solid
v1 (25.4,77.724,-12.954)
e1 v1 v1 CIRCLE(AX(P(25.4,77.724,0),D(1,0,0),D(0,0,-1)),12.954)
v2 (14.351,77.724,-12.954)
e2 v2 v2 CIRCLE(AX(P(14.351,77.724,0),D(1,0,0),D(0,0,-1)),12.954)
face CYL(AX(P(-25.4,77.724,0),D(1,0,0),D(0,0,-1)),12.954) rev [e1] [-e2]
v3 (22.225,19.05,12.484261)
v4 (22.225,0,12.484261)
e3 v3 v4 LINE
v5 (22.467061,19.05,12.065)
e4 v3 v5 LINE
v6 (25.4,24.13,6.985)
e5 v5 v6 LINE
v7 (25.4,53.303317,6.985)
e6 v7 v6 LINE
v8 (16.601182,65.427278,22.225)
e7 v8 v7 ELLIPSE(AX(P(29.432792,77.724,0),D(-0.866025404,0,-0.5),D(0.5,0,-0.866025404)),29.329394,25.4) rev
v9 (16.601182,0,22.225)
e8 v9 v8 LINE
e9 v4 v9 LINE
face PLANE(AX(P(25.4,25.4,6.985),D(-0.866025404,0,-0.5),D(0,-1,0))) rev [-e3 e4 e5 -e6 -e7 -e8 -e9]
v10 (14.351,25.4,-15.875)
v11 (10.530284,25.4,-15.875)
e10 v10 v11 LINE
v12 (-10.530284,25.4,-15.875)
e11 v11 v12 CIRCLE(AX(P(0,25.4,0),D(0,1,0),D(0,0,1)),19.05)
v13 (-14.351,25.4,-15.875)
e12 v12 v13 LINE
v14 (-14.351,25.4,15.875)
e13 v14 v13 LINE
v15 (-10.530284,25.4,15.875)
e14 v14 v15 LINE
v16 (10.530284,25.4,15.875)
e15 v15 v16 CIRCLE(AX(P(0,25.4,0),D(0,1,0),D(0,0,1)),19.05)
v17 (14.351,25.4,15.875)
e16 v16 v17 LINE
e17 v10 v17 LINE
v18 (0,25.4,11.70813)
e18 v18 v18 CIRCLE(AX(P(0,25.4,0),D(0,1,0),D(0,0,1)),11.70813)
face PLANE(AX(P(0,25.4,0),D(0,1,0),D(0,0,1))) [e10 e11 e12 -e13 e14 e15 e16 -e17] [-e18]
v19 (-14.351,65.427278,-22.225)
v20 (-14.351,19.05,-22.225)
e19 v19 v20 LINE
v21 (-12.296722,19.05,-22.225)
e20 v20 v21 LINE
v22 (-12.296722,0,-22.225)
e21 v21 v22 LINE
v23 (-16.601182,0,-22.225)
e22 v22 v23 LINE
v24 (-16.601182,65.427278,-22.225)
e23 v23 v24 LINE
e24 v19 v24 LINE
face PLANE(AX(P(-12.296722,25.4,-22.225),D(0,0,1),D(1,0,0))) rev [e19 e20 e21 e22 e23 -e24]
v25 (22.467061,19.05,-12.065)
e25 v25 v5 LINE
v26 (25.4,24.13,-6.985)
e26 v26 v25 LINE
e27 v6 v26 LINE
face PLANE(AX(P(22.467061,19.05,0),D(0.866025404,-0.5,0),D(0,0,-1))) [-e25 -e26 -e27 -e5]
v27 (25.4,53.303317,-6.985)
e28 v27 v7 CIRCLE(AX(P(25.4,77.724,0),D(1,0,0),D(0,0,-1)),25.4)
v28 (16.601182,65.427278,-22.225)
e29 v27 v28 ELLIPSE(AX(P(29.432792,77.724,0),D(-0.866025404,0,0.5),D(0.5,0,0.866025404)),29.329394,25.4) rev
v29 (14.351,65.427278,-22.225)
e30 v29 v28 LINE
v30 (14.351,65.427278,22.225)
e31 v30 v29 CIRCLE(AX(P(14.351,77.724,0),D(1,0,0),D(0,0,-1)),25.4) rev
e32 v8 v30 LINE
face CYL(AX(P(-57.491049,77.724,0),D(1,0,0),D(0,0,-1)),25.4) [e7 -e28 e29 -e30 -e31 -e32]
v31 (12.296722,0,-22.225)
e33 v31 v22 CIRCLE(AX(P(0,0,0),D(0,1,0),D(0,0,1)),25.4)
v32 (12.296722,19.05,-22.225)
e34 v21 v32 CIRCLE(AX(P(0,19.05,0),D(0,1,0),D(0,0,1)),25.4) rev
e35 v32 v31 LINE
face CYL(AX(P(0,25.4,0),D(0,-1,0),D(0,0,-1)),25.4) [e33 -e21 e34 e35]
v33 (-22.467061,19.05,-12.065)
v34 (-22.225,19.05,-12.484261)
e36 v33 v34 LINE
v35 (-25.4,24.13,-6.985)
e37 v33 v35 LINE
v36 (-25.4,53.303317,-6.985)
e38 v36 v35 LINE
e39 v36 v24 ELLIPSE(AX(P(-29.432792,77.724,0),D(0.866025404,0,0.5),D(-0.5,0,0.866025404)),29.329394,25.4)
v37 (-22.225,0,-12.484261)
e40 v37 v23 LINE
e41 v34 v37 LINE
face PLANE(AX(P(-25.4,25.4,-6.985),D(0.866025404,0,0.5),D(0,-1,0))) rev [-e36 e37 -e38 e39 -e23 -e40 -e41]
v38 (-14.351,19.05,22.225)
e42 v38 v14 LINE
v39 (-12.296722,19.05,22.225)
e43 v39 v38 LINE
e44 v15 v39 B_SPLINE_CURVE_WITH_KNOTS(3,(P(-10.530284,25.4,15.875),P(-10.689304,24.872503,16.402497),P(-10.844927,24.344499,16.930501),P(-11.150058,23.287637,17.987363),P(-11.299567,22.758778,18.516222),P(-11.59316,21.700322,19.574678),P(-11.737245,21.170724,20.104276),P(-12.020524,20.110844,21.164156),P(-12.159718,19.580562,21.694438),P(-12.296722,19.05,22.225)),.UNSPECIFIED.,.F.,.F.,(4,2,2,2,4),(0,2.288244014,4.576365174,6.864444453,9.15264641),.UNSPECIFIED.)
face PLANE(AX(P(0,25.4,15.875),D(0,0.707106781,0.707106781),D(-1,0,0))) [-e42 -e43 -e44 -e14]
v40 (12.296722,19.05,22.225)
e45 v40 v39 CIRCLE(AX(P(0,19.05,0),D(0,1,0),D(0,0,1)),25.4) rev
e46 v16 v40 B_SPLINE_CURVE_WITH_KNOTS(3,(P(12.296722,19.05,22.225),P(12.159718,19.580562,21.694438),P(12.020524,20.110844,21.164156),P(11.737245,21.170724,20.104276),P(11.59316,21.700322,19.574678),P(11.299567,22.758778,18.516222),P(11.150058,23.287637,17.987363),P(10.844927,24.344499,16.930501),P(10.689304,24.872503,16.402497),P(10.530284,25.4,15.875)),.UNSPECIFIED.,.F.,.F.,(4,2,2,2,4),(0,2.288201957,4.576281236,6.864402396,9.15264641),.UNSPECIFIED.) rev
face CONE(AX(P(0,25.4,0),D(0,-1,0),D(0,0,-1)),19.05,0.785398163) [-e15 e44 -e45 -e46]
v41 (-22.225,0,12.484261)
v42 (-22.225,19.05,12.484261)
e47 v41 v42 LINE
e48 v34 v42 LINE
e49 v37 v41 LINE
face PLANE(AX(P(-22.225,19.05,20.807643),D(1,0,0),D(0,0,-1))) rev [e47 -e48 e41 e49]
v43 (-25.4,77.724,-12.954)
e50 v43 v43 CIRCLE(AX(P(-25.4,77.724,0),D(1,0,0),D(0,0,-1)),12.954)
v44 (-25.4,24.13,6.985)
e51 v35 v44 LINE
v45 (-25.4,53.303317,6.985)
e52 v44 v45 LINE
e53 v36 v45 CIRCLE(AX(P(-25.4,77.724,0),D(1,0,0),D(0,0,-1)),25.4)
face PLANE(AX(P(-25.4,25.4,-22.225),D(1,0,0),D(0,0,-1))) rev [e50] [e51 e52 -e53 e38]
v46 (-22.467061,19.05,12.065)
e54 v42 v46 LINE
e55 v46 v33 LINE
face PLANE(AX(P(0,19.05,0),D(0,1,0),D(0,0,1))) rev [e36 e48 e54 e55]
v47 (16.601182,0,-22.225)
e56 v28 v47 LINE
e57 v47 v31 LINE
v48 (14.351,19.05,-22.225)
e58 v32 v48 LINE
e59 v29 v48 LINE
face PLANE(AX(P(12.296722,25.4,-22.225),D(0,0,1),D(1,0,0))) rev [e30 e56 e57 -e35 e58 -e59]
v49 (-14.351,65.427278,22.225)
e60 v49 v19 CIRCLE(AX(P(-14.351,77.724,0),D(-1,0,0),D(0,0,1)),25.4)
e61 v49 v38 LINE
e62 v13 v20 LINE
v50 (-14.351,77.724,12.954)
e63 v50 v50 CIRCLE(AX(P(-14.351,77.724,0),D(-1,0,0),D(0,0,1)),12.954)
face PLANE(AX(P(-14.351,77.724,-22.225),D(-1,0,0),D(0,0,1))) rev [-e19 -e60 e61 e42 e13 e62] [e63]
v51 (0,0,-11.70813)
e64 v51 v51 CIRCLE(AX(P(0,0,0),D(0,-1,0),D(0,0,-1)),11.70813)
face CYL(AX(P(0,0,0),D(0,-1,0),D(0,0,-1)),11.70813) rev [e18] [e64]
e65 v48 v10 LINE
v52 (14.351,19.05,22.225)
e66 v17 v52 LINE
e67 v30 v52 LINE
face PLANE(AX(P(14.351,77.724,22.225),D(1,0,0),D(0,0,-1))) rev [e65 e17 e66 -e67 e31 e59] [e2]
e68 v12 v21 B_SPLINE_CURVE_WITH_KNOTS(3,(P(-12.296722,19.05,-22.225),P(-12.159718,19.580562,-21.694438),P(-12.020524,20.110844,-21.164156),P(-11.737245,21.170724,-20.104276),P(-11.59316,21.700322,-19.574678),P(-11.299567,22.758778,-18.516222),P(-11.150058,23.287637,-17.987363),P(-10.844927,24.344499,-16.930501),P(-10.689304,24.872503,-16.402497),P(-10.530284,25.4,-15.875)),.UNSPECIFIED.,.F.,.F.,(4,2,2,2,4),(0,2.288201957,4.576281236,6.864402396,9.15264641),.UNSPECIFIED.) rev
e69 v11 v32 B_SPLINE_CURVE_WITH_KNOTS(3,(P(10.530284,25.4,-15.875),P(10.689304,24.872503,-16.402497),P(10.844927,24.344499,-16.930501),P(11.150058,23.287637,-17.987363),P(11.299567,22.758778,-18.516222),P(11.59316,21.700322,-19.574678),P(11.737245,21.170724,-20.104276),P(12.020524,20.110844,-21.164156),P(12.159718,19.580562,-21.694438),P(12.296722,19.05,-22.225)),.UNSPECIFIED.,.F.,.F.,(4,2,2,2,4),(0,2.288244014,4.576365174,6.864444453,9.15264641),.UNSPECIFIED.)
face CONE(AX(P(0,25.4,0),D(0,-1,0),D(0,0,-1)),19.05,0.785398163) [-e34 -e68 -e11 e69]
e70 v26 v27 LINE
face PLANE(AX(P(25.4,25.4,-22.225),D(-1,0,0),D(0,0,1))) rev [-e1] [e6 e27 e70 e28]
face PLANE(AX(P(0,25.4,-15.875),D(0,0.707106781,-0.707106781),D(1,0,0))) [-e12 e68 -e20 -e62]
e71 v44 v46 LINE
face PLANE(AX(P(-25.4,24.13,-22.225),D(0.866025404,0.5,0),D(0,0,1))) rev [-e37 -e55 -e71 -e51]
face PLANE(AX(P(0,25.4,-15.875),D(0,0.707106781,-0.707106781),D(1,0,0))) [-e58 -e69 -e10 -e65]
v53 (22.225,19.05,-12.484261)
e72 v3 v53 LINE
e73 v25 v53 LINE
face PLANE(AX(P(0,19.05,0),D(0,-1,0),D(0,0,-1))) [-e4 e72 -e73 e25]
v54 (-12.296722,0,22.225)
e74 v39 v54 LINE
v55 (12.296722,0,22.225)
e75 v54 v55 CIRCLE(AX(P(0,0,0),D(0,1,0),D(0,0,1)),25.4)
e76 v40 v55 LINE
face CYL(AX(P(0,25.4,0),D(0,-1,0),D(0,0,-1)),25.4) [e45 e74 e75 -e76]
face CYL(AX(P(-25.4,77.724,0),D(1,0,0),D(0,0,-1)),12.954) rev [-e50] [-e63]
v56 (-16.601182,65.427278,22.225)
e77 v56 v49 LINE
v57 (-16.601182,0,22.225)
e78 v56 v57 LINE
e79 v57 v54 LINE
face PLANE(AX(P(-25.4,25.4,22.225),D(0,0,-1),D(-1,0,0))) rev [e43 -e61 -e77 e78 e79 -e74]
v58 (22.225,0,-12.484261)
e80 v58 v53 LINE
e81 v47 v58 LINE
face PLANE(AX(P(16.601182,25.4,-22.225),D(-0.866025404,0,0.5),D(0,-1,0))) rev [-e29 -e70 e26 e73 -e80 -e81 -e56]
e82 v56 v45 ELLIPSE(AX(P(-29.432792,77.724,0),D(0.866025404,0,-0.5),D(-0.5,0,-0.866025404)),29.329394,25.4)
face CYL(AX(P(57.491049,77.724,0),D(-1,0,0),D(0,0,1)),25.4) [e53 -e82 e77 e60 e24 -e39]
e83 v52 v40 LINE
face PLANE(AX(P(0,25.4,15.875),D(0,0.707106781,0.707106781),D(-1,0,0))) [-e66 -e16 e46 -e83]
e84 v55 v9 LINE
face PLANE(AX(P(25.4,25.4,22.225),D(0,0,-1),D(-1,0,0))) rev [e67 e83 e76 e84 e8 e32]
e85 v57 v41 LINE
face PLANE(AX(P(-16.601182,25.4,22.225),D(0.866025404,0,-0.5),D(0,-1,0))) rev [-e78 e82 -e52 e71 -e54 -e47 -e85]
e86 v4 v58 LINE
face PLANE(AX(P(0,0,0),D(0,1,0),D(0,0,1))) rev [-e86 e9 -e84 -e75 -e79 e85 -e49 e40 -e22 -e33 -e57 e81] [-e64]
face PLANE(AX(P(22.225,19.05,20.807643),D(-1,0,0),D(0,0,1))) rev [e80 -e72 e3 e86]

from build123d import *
from OCP.BRepFilletAPI import BRepFilletAPI_MakeChamfer

# Parameters (mm, degrees)
BOSS_EXTRUDE1_DEPTH   = 25.4
SKETCH2_W             = 11.049
SKETCH2_H             = 44.45
BOSS_EXTRUDE2_DEPTH   = 52.324
CHAMFER1_SIZE         = 6.35
F_1_12_TAPPED_HOLE1_D = 23.41626
CHAMFER2_SIZE         = 15.24
CHAMFER2_SIZE2        = 8.798818102
SKETCH5_W             = 31.303655522
SKETCH5_H             = 45.499968027
CUT_EXTRUDE1_DEPTH    = 19.05
BOSS_EXTRUDE3_REACH   = 98.264
SKETCH6_R             = 25.4
BOSS_EXTRUDE4_START   = -50.8
SKETCH6_2_R           = 25.4
BOSS_EXTRUDE4_DEPTH   = 11.049
SKETCH7_R             = 12.954
CUT_EXTRUDE2_DEPTH    = 118.730027504
CHAMFER4_SIZE         = 5.08
CHAMFER4_SIZE2        = 2.932939367


with BuildPart() as part:
    # Sketch1 → Boss-Extrude1 (new body)
    with BuildSketch(Plane(origin=(0, 0, 0), x_dir=(1, 0, 0), z_dir=(0, 1, 0))):
        with BuildLine():
            Line((-25.4, -22.225), (-12.296722124, -22.225))
            ThreePointArc((-12.296722124, -22.225), (0, -25.4), (12.296722124, -22.225))
            Line((12.296722124, -22.225), (25.4, -22.225))
            Line((25.4, -22.225), (25.4, 22.225))
            Line((25.4, 22.225), (12.296722124, 22.225))
            ThreePointArc((12.296722124, 22.225), (0, 25.4), (-12.296722124, 22.225))
            Line((-12.296722124, 22.225), (-25.4, 22.225))
            Line((-25.4, 22.225), (-25.4, -22.225))
        make_face()
    extrude(amount=BOSS_EXTRUDE1_DEPTH)

    # Sketch2 → Boss-Extrude2 (add)
    with BuildSketch(Plane(origin=(0, 25.4, 0), x_dir=(1, 0, 0), z_dir=(0, 1, 0))):
        with Locations((-19.8755, 0)):
            Rectangle(SKETCH2_W, SKETCH2_H)
        with Locations((19.8755, 0)):
            Rectangle(SKETCH2_W, SKETCH2_H)
    extrude(amount=BOSS_EXTRUDE2_DEPTH)

    # Chamfer1
    chamfer1_edges = [part.edges().sort_by_distance(p)[0] for p in [
        (0, 25.4, 25.4),
        (13.323861062, 25.4, 22.225),
        (-13.323861062, 25.4, 22.225),
        (13.323861062, 25.4, -22.225),
        (0, 25.4, -25.4),
        (-13.323861062, 25.4, -22.225),
    ]]
    chamfer(chamfer1_edges, length=CHAMFER1_SIZE)

    # 1-12 Tapped Hole1 (through all)
    with Locations(Plane(origin=(0, 0, 0), x_dir=(-1, 0, 0), z_dir=(0, -1, 0))):
        with Locations((0, 0)):
            Hole(F_1_12_TAPPED_HOLE1_D / 2)

    # Chamfer2: one chamfer whose edges measure the first distance from different faces: ONE call of the kernel's chamfer builder (chamfer() names one face for all edges)
    chamfer2_edges_1 = [part.edges().sort_by_distance(p)[0] for p in [
        (25.4, 38.862, -22.225),
        (25.4, 38.862, 22.225),
    ]]
    chamfer2_side_1 = [part.faces().sort_by_distance(p)[0] for p in [
        (25.4, 38.862, 0),
    ]]
    chamfer2_edges_2 = [part.edges().sort_by_distance(p)[0] for p in [
        (-25.4, 38.862, 22.225),
        (-25.4, 38.862, -22.225),
    ]]
    chamfer2_side_2 = [part.faces().sort_by_distance(p)[0] for p in [
        (-25.4, 38.862, 0),
    ]]
    chamfer2 = BRepFilletAPI_MakeChamfer(part.part.solid().wrapped)
    for e in chamfer2_edges_1:
        chamfer2.Add(CHAMFER2_SIZE, CHAMFER2_SIZE2, e.wrapped, chamfer2_side_1[0].wrapped)  # the first distance lies on this face
    for e in chamfer2_edges_2:
        chamfer2.Add(CHAMFER2_SIZE, CHAMFER2_SIZE2, e.wrapped, chamfer2_side_2[0].wrapped)  # the first distance lies on this face
    add(Compound.cast(chamfer2.Shape()), mode=Mode.REPLACE)

    # Sketch5 → Cut-Extrude1 (cut)
    with BuildSketch(Plane.XZ):
        with Locations((-37.876827761, -1.94234058)):
            Rectangle(SKETCH5_W, SKETCH5_H)
        with Locations((37.876827761, -1.94234058)):
            Rectangle(SKETCH5_W, SKETCH5_H)
    extrude(amount=-CUT_EXTRUDE1_DEPTH, mode=Mode.SUBTRACT)

    # Boss-Extrude3: up to this face of the body (flat: up to its plane)
    boss_extrude3_end = Plane(part.part.faces().sort_by_distance((14.351, 51.080086798, 0))[0])
    # Sketch6 → Boss-Extrude3 (add, up to the picked face)
    with BuildSketch(Plane(origin=(25.4, 0, 0), x_dir=(0, 0, -1), z_dir=(1, 0, 0)), mode=Mode.PRIVATE) as boss_extrude3_sk1:
        with Locations((0, 77.724)):
            Circle(SKETCH6_R)
    boss_extrude3_tool1 = split(extrude(boss_extrude3_sk1.sketch, amount=-BOSS_EXTRUDE3_REACH, mode=Mode.PRIVATE), bisect_by=boss_extrude3_end, keep=Keep.BOTH, mode=Mode.PRIVATE)
    add(boss_extrude3_tool1.solids().sort_by(Axis((25.4, 77.724, 0), (-1, 0, 0)))[0])

    # Sketch6<2> → Boss-Extrude4 (add)
    with BuildSketch(Plane(origin=(25.4, 0, 0), x_dir=(0, 0, -1), z_dir=(1, 0, 0)).offset(BOSS_EXTRUDE4_START)):
        with Locations((0, 77.724)):
            Circle(SKETCH6_2_R)
    extrude(amount=BOSS_EXTRUDE4_DEPTH)

    # Sketch7 → Cut-Extrude2 (cut, through all)
    with BuildSketch(Plane(origin=(25.4, 0, 0), x_dir=(0, 0, -1), z_dir=(1, 0, 0))):
        with Locations((0, 77.724)):
            Circle(SKETCH7_R)
    extrude(amount=-CUT_EXTRUDE2_DEPTH, mode=Mode.SUBTRACT)

    # Chamfer4: one chamfer whose edges measure the first distance from different faces: ONE call of the kernel's chamfer builder (chamfer() names one face for all edges)
    chamfer4_edges_1 = [part.edges().sort_by_distance(p)[0] for p in [
        (-25.4, 19.05, 0),
    ]]
    chamfer4_side_1 = [part.faces().sort_by_distance(p)[0] for p in [
        (-25.4, 36.176658328, -6.002702821),
    ]]
    chamfer4_edges_2 = [part.edges().sort_by_distance(p)[0] for p in [
        (25.4, 19.05, 0),
    ]]
    chamfer4_side_2 = [part.faces().sort_by_distance(p)[0] for p in [
        (25.4, 102.141702821, 0),
    ]]
    chamfer4 = BRepFilletAPI_MakeChamfer(part.part.solid().wrapped)
    for e in chamfer4_edges_1:
        chamfer4.Add(CHAMFER4_SIZE, CHAMFER4_SIZE2, e.wrapped, chamfer4_side_1[0].wrapped)  # the first distance lies on this face
    for e in chamfer4_edges_2:
        chamfer4.Add(CHAMFER4_SIZE, CHAMFER4_SIZE2, e.wrapped, chamfer4_side_2[0].wrapped)  # the first distance lies on this face
    add(Compound.cast(chamfer4.Shape()), mode=Mode.REPLACE)


solid = part.part
